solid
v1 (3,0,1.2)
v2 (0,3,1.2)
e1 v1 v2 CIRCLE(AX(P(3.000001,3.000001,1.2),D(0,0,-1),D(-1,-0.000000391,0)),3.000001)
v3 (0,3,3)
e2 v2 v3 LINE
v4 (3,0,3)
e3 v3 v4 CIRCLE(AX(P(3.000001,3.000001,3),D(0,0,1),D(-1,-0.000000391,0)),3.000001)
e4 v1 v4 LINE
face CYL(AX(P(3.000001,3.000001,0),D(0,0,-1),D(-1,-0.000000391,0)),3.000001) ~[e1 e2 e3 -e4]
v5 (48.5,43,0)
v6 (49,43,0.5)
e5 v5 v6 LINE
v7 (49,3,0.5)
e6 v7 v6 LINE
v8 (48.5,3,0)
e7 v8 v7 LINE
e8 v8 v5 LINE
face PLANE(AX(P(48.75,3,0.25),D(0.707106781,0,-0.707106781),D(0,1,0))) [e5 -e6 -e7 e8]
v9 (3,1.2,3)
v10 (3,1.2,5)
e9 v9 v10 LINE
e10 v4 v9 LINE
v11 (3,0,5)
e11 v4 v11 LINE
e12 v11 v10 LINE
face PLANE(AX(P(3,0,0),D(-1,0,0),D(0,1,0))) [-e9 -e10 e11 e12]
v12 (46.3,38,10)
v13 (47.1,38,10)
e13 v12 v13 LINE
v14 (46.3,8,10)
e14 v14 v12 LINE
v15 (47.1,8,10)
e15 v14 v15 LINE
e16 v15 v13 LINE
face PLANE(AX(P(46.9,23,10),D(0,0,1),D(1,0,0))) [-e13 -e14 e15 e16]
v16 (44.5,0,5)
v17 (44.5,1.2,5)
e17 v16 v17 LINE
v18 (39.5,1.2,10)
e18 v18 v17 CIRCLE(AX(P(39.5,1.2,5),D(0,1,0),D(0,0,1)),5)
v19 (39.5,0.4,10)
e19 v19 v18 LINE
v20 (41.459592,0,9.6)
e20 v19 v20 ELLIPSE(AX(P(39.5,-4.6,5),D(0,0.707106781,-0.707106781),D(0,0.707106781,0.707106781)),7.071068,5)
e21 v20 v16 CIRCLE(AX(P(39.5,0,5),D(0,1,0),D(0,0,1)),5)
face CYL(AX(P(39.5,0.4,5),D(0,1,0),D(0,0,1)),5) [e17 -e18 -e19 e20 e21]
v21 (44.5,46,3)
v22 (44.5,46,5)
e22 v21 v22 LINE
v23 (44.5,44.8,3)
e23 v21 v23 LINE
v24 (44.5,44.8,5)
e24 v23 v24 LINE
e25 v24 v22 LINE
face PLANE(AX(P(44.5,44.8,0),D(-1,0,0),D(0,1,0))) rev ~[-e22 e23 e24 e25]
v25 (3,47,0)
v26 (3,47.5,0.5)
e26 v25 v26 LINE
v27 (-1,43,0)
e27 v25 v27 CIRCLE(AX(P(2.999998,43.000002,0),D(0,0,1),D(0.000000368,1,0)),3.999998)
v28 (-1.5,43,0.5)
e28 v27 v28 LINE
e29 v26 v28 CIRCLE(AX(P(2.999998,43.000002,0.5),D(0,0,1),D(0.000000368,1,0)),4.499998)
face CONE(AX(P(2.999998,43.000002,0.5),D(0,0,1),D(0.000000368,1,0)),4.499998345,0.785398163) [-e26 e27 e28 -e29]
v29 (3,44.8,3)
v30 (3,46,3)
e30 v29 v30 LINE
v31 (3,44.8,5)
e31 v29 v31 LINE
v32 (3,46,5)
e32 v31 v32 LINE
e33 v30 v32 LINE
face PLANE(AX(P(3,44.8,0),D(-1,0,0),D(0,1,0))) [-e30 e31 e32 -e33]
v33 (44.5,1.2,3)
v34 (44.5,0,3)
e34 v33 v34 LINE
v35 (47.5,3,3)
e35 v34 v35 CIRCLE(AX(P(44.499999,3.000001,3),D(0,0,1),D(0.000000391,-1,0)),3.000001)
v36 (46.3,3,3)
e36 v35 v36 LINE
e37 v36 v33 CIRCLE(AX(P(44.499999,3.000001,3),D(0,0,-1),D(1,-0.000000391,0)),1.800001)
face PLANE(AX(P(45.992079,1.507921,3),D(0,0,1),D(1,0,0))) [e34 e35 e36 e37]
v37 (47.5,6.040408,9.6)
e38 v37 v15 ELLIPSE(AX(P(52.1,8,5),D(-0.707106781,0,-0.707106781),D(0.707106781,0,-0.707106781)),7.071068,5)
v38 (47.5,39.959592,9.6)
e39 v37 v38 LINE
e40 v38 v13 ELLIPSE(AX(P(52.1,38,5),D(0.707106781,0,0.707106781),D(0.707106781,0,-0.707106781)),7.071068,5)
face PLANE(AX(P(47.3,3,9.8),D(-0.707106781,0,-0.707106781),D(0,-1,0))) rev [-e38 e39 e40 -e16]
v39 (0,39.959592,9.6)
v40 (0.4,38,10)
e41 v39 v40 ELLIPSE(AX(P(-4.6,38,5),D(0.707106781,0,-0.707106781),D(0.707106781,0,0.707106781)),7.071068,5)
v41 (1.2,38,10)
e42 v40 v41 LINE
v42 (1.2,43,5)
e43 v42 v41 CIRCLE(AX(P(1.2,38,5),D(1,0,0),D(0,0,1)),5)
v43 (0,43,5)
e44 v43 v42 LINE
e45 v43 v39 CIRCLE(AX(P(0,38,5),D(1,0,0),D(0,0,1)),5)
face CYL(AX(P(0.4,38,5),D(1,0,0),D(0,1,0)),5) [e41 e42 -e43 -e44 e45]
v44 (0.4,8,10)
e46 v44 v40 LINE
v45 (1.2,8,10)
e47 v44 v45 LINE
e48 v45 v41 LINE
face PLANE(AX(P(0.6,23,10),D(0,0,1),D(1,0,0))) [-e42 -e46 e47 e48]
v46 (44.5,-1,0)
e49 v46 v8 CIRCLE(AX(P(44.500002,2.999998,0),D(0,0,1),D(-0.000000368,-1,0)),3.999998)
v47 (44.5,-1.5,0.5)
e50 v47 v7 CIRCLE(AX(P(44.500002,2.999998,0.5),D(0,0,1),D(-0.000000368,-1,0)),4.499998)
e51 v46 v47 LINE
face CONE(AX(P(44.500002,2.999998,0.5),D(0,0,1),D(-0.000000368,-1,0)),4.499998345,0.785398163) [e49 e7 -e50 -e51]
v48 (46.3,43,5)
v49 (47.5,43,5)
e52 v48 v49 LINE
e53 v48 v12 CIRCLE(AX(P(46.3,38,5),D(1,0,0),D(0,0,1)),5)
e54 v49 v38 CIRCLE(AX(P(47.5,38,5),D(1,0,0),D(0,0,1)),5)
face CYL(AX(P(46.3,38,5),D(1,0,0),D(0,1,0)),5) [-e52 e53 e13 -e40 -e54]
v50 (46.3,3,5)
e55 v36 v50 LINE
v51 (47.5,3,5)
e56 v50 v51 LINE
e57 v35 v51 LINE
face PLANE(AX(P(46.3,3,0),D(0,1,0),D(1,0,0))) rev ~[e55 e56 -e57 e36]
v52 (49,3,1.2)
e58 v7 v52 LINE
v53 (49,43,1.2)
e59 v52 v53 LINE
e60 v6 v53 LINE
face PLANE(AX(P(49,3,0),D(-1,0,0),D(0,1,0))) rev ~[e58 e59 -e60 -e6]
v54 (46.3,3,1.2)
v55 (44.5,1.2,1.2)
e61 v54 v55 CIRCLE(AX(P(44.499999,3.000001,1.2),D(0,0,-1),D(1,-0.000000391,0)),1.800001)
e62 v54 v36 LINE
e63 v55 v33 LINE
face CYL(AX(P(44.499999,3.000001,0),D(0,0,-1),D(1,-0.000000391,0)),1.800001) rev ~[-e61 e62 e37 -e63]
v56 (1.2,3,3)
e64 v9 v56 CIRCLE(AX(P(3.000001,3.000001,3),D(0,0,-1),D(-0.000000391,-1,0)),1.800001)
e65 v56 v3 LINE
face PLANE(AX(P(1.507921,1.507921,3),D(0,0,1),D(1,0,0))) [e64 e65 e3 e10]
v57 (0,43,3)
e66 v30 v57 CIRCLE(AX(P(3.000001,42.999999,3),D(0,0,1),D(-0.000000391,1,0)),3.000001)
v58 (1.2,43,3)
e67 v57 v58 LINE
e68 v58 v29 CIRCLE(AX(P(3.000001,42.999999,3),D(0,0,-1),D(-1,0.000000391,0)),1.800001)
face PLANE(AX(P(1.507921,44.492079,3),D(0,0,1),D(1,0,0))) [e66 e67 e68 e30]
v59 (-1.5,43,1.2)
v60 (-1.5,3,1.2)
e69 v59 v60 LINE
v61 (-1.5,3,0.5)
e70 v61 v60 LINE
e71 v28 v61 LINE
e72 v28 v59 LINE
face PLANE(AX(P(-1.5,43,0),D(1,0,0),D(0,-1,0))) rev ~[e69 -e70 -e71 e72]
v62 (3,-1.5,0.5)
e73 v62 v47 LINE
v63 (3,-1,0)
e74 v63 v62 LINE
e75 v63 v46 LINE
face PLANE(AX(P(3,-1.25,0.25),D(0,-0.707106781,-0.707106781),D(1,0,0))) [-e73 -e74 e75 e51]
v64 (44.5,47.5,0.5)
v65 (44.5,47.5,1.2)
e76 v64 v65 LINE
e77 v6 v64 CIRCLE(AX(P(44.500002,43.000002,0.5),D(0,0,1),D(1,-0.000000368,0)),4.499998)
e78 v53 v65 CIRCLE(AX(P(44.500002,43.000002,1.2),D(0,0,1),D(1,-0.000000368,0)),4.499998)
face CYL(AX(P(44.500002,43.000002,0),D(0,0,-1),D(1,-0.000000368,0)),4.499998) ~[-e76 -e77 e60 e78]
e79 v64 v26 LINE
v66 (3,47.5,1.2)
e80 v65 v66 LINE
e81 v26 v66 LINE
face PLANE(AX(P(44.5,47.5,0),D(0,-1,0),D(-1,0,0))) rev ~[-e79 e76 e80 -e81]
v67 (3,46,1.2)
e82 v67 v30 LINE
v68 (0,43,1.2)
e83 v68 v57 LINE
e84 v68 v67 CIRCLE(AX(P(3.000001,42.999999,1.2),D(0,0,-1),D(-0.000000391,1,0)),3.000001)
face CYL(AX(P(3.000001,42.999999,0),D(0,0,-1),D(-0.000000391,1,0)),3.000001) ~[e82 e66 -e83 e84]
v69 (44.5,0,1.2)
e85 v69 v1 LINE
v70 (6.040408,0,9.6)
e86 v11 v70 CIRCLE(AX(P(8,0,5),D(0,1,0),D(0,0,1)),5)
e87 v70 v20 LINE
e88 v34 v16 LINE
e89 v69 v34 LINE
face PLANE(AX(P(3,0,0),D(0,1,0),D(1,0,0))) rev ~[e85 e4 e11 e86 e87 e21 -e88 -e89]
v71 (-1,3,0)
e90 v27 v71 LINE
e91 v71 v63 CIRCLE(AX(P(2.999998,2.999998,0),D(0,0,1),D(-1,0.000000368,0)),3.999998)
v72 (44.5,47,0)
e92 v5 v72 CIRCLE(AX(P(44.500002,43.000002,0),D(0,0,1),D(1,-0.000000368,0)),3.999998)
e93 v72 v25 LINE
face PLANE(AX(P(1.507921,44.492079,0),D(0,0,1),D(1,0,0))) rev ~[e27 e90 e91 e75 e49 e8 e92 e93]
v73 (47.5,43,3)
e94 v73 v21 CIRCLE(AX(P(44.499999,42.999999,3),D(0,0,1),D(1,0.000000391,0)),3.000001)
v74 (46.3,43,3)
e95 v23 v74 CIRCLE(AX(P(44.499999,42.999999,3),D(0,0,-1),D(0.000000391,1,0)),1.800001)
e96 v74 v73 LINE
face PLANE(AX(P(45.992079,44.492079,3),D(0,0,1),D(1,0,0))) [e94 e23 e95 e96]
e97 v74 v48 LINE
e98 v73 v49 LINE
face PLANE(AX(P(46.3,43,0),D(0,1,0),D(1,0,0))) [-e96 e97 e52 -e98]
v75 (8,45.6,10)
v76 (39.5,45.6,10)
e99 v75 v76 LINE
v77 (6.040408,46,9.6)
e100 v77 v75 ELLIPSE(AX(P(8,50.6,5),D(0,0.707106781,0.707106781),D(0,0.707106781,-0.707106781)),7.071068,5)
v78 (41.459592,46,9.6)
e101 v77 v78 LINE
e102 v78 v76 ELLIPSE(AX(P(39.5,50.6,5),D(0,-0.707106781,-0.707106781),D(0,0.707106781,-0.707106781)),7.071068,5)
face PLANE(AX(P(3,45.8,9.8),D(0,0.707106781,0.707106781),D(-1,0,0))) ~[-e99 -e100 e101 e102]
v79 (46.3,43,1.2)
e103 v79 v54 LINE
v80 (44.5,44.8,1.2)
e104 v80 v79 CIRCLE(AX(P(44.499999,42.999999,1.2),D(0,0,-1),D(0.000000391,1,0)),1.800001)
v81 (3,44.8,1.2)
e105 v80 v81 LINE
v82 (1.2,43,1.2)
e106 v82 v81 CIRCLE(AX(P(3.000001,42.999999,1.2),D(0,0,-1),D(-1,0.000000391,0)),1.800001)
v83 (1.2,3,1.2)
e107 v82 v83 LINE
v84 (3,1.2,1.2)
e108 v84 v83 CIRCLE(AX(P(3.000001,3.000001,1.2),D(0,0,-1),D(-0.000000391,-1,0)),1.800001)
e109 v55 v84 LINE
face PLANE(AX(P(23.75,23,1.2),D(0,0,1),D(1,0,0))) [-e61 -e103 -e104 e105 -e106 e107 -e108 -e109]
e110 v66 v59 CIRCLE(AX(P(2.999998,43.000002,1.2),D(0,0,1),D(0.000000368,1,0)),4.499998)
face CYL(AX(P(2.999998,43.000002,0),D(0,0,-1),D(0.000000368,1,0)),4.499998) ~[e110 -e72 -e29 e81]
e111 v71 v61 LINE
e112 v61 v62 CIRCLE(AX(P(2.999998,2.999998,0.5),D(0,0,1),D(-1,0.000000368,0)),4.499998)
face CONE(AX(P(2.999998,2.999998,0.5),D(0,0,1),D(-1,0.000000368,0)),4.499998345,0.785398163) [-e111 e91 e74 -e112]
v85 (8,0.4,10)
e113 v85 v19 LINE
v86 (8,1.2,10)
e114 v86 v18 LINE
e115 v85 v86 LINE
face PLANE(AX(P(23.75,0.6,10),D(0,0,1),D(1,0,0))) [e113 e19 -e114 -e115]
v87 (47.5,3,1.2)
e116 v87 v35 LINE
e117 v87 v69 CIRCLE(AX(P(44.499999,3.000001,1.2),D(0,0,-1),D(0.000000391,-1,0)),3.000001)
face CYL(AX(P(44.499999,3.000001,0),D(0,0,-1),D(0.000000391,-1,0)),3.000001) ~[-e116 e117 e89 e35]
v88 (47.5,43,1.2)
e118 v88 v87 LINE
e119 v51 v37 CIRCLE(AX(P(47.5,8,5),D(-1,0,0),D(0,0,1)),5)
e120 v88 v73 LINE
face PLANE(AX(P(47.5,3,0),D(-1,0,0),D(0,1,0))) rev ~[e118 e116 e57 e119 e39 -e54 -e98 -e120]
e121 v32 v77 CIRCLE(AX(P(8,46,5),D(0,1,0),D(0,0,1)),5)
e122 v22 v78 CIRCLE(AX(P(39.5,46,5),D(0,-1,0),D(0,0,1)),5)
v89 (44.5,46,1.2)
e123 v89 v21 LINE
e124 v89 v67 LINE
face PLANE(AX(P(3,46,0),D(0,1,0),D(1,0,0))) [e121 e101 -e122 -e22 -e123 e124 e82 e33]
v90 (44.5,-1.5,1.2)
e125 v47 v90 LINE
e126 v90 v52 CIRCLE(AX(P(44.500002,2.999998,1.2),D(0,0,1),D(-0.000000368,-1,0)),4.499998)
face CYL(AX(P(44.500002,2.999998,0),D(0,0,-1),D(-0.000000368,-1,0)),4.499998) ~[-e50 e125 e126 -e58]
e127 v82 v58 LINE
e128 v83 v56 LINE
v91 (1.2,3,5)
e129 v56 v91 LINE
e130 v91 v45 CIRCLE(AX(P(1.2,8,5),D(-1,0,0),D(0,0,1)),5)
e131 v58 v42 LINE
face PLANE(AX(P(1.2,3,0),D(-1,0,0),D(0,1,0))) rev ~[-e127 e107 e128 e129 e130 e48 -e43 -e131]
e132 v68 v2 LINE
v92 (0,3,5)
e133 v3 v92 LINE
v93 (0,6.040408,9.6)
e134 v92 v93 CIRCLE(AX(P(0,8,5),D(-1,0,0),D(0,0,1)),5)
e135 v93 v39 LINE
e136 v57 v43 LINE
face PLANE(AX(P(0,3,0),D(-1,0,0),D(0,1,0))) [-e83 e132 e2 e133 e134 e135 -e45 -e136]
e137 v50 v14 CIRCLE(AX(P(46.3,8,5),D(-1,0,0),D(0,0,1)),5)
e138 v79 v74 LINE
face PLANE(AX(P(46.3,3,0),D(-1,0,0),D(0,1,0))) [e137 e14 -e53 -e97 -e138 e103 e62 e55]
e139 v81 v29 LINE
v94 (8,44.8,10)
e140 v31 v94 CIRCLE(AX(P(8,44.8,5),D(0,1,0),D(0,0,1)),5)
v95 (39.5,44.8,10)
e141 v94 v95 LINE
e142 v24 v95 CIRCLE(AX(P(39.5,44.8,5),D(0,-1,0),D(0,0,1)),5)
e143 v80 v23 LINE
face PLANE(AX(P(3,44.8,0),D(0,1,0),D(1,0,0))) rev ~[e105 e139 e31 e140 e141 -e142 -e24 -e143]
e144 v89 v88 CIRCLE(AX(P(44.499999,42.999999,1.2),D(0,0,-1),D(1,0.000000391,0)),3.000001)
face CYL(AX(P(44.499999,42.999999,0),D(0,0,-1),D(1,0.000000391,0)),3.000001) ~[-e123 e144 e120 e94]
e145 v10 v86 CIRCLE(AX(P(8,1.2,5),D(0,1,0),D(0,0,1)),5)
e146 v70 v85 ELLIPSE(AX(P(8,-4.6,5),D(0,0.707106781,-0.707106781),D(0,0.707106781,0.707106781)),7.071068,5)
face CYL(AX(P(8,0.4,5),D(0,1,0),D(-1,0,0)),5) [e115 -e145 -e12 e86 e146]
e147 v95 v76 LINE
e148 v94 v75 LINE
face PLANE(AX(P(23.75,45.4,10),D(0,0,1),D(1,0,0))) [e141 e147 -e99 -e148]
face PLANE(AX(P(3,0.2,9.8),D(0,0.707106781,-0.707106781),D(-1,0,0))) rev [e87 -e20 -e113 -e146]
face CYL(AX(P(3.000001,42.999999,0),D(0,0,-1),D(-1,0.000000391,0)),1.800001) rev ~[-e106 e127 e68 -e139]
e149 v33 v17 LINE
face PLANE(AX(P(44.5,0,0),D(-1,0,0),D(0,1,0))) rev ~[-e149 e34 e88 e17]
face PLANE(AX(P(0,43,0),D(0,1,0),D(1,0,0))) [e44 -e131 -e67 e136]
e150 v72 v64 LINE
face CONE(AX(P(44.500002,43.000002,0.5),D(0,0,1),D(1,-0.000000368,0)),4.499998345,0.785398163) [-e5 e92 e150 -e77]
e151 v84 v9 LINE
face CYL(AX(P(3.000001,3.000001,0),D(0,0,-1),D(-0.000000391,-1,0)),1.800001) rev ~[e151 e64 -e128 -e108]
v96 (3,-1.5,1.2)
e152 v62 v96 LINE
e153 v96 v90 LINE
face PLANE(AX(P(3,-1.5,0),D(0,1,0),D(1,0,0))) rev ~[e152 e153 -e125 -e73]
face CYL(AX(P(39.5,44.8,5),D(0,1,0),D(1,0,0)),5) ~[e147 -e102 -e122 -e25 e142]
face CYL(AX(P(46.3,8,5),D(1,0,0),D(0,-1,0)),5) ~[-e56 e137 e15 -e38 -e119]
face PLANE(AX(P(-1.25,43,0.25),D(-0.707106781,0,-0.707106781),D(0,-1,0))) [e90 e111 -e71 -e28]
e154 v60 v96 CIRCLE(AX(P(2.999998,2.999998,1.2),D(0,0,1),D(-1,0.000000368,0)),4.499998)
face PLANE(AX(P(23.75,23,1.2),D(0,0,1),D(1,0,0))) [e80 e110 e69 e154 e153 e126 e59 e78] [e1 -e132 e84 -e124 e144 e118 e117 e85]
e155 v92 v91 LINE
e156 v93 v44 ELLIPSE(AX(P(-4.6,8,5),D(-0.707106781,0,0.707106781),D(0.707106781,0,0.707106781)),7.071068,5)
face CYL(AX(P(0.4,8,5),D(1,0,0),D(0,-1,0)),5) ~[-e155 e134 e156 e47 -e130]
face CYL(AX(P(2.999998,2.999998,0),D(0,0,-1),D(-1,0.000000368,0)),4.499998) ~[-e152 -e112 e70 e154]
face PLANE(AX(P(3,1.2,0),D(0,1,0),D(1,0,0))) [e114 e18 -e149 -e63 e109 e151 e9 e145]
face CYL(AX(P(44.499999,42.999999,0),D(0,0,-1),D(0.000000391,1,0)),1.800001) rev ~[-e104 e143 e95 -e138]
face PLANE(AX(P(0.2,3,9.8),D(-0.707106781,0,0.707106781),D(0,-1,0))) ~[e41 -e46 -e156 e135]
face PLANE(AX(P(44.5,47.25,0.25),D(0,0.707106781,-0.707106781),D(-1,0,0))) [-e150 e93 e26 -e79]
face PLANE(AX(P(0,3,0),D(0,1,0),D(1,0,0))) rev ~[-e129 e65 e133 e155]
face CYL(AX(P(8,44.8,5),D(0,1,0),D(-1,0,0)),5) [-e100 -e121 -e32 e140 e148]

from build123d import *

# Parameters (mm, degrees)
F1_DEPTH = 1.2
F2_W     = 1.2
F2_H     = 40
F2_W_2   = 41.5
F2_H_2   = 1.2
F3_DEPTH = 10
F4_SIZE  = 0.4
F5_R     = 5
F6_DEPTH = 3
F7_SIZE  = 0.5


with BuildPart() as f1:
    # F0 (on Top) → F1 (new body)
    with BuildSketch(Plane.XY):
        with BuildLine():
            Line((44.5, 47.5), (3, 47.5))
            ThreePointArc((3, 47.5), (-0.181981, 46.181981), (-1.5, 43))
            Line((-1.5, 43), (-1.5, 3))
            ThreePointArc((-1.5, 3), (-0.181981, -0.181981), (3, -1.5))
            Line((3, -1.5), (44.5, -1.5))
            ThreePointArc((44.5, -1.5), (47.681981, -0.181981), (49, 3))
            Line((49, 3), (49, 43))
            ThreePointArc((49, 43), (47.681981, 46.181981), (44.5, 47.5))
        make_face()
        with BuildLine():
            Line((44.5, 0), (3, 0))
            ThreePointArc((3, 0), (0.87868, 0.87868), (0, 3))
            Line((0, 3), (0, 43))
            ThreePointArc((0, 43), (0.87868, 45.12132), (3, 46))
            Line((3, 46), (44.5, 46))
            ThreePointArc((44.5, 46), (46.62132, 45.12132), (47.5, 43))
            Line((47.5, 43), (47.5, 3))
            ThreePointArc((47.5, 3), (46.62132, 0.87868), (44.5, 0))
        make_face(mode=Mode.SUBTRACT)
        with BuildLine():
            ThreePointArc((0, 3), (0.87868, 0.87868), (3, 0))
            Line((3, 0), (44.5, 0))
            ThreePointArc((44.5, 0), (46.62132, 0.87868), (47.5, 3))
            Line((47.5, 3), (47.5, 43))
            ThreePointArc((47.5, 43), (46.62132, 45.12132), (44.5, 46))
            Line((44.5, 46), (3, 46))
            ThreePointArc((3, 46), (0.87868, 45.12132), (0, 43))
            Line((0, 43), (0, 3))
        make_face()
    extrude(amount=F1_DEPTH)

    # F2 (on face) → F3 (join)
    with BuildSketch(Plane.XY):
        with Locations((0.6, 23)):
            Rectangle(F2_W, F2_H)
        with Locations((46.9, 23)):
            Rectangle(F2_W, F2_H)
        with Locations((23.75, 0.6)):
            Rectangle(F2_W_2, F2_H_2)
        with Locations((23.75, 45.4)):
            Rectangle(F2_W_2, F2_H_2)
    extrude(amount=F3_DEPTH)

    # F4
    f4_edges = [f1.edges().sort_by_distance(p)[0] for p in [
        (47.5, 23, 10),
        (23.75, 46, 10),
        (0, 23, 10),
        (23.75, 0, 10),
    ]]
    chamfer(f4_edges, length=F4_SIZE)

    # F5
    f5_edges = [f1.edges().sort_by_distance(p)[0] for p in [
        (46.7, 43, 10),
        (44.5, 45.2, 10),
        (3, 45.2, 10),
        (0.8, 43, 10),
        (3, 0.8, 10),
        (0.8, 3, 10),
        (46.7, 3, 10),
        (44.5, 0.8, 10),
    ]]
    fillet(f5_edges, radius=F5_R)

    # F2 (on face) → F6 (join)
    with BuildSketch(Plane.XY):
        with BuildLine():
            Line((0, 43), (1.2, 43))
            ThreePointArc((1.2, 43), (1.727208, 44.272792), (3, 44.8))
            Line((3, 44.8), (3, 46))
            ThreePointArc((3, 46), (0.87868, 45.12132), (0, 43))
        make_face()
        with BuildLine():
            ThreePointArc((3, 1.2), (1.727208, 1.727208), (1.2, 3))
            Line((1.2, 3), (0, 3))
            ThreePointArc((0, 3), (0.87868, 0.87868), (3, 0))
            Line((3, 0), (3, 1.2))
        make_face()
        with BuildLine():
            ThreePointArc((46.3, 3), (45.772792, 1.727208), (44.5, 1.2))
            Line((44.5, 1.2), (44.5, 0))
            ThreePointArc((44.5, 0), (46.62132, 0.87868), (47.5, 3))
            Line((47.5, 3), (46.3, 3))
        make_face()
        with BuildLine():
            Line((44.5, 46), (44.5, 44.8))
            ThreePointArc((44.5, 44.8), (45.772792, 44.272792), (46.3, 43))
            Line((46.3, 43), (47.5, 43))
            ThreePointArc((47.5, 43), (46.62132, 45.12132), (44.5, 46))
        make_face()
    extrude(amount=F6_DEPTH)

    # F7
    f7_edges = [f1.edges().sort_by_distance(p)[0] for p in [
        (49, 23, 0),
        (47.681981, 46.181981, 0),
        (23.75, 47.5, 0),
        (-0.181981, 46.181981, 0),
        (-1.5, 23, 0),
        (-0.181981, -0.181981, 0),
        (23.75, -1.5, 0),
        (47.681981, -0.181981, 0),
    ]]
    chamfer(f7_edges, length=F7_SIZE)


solid = f1.part
